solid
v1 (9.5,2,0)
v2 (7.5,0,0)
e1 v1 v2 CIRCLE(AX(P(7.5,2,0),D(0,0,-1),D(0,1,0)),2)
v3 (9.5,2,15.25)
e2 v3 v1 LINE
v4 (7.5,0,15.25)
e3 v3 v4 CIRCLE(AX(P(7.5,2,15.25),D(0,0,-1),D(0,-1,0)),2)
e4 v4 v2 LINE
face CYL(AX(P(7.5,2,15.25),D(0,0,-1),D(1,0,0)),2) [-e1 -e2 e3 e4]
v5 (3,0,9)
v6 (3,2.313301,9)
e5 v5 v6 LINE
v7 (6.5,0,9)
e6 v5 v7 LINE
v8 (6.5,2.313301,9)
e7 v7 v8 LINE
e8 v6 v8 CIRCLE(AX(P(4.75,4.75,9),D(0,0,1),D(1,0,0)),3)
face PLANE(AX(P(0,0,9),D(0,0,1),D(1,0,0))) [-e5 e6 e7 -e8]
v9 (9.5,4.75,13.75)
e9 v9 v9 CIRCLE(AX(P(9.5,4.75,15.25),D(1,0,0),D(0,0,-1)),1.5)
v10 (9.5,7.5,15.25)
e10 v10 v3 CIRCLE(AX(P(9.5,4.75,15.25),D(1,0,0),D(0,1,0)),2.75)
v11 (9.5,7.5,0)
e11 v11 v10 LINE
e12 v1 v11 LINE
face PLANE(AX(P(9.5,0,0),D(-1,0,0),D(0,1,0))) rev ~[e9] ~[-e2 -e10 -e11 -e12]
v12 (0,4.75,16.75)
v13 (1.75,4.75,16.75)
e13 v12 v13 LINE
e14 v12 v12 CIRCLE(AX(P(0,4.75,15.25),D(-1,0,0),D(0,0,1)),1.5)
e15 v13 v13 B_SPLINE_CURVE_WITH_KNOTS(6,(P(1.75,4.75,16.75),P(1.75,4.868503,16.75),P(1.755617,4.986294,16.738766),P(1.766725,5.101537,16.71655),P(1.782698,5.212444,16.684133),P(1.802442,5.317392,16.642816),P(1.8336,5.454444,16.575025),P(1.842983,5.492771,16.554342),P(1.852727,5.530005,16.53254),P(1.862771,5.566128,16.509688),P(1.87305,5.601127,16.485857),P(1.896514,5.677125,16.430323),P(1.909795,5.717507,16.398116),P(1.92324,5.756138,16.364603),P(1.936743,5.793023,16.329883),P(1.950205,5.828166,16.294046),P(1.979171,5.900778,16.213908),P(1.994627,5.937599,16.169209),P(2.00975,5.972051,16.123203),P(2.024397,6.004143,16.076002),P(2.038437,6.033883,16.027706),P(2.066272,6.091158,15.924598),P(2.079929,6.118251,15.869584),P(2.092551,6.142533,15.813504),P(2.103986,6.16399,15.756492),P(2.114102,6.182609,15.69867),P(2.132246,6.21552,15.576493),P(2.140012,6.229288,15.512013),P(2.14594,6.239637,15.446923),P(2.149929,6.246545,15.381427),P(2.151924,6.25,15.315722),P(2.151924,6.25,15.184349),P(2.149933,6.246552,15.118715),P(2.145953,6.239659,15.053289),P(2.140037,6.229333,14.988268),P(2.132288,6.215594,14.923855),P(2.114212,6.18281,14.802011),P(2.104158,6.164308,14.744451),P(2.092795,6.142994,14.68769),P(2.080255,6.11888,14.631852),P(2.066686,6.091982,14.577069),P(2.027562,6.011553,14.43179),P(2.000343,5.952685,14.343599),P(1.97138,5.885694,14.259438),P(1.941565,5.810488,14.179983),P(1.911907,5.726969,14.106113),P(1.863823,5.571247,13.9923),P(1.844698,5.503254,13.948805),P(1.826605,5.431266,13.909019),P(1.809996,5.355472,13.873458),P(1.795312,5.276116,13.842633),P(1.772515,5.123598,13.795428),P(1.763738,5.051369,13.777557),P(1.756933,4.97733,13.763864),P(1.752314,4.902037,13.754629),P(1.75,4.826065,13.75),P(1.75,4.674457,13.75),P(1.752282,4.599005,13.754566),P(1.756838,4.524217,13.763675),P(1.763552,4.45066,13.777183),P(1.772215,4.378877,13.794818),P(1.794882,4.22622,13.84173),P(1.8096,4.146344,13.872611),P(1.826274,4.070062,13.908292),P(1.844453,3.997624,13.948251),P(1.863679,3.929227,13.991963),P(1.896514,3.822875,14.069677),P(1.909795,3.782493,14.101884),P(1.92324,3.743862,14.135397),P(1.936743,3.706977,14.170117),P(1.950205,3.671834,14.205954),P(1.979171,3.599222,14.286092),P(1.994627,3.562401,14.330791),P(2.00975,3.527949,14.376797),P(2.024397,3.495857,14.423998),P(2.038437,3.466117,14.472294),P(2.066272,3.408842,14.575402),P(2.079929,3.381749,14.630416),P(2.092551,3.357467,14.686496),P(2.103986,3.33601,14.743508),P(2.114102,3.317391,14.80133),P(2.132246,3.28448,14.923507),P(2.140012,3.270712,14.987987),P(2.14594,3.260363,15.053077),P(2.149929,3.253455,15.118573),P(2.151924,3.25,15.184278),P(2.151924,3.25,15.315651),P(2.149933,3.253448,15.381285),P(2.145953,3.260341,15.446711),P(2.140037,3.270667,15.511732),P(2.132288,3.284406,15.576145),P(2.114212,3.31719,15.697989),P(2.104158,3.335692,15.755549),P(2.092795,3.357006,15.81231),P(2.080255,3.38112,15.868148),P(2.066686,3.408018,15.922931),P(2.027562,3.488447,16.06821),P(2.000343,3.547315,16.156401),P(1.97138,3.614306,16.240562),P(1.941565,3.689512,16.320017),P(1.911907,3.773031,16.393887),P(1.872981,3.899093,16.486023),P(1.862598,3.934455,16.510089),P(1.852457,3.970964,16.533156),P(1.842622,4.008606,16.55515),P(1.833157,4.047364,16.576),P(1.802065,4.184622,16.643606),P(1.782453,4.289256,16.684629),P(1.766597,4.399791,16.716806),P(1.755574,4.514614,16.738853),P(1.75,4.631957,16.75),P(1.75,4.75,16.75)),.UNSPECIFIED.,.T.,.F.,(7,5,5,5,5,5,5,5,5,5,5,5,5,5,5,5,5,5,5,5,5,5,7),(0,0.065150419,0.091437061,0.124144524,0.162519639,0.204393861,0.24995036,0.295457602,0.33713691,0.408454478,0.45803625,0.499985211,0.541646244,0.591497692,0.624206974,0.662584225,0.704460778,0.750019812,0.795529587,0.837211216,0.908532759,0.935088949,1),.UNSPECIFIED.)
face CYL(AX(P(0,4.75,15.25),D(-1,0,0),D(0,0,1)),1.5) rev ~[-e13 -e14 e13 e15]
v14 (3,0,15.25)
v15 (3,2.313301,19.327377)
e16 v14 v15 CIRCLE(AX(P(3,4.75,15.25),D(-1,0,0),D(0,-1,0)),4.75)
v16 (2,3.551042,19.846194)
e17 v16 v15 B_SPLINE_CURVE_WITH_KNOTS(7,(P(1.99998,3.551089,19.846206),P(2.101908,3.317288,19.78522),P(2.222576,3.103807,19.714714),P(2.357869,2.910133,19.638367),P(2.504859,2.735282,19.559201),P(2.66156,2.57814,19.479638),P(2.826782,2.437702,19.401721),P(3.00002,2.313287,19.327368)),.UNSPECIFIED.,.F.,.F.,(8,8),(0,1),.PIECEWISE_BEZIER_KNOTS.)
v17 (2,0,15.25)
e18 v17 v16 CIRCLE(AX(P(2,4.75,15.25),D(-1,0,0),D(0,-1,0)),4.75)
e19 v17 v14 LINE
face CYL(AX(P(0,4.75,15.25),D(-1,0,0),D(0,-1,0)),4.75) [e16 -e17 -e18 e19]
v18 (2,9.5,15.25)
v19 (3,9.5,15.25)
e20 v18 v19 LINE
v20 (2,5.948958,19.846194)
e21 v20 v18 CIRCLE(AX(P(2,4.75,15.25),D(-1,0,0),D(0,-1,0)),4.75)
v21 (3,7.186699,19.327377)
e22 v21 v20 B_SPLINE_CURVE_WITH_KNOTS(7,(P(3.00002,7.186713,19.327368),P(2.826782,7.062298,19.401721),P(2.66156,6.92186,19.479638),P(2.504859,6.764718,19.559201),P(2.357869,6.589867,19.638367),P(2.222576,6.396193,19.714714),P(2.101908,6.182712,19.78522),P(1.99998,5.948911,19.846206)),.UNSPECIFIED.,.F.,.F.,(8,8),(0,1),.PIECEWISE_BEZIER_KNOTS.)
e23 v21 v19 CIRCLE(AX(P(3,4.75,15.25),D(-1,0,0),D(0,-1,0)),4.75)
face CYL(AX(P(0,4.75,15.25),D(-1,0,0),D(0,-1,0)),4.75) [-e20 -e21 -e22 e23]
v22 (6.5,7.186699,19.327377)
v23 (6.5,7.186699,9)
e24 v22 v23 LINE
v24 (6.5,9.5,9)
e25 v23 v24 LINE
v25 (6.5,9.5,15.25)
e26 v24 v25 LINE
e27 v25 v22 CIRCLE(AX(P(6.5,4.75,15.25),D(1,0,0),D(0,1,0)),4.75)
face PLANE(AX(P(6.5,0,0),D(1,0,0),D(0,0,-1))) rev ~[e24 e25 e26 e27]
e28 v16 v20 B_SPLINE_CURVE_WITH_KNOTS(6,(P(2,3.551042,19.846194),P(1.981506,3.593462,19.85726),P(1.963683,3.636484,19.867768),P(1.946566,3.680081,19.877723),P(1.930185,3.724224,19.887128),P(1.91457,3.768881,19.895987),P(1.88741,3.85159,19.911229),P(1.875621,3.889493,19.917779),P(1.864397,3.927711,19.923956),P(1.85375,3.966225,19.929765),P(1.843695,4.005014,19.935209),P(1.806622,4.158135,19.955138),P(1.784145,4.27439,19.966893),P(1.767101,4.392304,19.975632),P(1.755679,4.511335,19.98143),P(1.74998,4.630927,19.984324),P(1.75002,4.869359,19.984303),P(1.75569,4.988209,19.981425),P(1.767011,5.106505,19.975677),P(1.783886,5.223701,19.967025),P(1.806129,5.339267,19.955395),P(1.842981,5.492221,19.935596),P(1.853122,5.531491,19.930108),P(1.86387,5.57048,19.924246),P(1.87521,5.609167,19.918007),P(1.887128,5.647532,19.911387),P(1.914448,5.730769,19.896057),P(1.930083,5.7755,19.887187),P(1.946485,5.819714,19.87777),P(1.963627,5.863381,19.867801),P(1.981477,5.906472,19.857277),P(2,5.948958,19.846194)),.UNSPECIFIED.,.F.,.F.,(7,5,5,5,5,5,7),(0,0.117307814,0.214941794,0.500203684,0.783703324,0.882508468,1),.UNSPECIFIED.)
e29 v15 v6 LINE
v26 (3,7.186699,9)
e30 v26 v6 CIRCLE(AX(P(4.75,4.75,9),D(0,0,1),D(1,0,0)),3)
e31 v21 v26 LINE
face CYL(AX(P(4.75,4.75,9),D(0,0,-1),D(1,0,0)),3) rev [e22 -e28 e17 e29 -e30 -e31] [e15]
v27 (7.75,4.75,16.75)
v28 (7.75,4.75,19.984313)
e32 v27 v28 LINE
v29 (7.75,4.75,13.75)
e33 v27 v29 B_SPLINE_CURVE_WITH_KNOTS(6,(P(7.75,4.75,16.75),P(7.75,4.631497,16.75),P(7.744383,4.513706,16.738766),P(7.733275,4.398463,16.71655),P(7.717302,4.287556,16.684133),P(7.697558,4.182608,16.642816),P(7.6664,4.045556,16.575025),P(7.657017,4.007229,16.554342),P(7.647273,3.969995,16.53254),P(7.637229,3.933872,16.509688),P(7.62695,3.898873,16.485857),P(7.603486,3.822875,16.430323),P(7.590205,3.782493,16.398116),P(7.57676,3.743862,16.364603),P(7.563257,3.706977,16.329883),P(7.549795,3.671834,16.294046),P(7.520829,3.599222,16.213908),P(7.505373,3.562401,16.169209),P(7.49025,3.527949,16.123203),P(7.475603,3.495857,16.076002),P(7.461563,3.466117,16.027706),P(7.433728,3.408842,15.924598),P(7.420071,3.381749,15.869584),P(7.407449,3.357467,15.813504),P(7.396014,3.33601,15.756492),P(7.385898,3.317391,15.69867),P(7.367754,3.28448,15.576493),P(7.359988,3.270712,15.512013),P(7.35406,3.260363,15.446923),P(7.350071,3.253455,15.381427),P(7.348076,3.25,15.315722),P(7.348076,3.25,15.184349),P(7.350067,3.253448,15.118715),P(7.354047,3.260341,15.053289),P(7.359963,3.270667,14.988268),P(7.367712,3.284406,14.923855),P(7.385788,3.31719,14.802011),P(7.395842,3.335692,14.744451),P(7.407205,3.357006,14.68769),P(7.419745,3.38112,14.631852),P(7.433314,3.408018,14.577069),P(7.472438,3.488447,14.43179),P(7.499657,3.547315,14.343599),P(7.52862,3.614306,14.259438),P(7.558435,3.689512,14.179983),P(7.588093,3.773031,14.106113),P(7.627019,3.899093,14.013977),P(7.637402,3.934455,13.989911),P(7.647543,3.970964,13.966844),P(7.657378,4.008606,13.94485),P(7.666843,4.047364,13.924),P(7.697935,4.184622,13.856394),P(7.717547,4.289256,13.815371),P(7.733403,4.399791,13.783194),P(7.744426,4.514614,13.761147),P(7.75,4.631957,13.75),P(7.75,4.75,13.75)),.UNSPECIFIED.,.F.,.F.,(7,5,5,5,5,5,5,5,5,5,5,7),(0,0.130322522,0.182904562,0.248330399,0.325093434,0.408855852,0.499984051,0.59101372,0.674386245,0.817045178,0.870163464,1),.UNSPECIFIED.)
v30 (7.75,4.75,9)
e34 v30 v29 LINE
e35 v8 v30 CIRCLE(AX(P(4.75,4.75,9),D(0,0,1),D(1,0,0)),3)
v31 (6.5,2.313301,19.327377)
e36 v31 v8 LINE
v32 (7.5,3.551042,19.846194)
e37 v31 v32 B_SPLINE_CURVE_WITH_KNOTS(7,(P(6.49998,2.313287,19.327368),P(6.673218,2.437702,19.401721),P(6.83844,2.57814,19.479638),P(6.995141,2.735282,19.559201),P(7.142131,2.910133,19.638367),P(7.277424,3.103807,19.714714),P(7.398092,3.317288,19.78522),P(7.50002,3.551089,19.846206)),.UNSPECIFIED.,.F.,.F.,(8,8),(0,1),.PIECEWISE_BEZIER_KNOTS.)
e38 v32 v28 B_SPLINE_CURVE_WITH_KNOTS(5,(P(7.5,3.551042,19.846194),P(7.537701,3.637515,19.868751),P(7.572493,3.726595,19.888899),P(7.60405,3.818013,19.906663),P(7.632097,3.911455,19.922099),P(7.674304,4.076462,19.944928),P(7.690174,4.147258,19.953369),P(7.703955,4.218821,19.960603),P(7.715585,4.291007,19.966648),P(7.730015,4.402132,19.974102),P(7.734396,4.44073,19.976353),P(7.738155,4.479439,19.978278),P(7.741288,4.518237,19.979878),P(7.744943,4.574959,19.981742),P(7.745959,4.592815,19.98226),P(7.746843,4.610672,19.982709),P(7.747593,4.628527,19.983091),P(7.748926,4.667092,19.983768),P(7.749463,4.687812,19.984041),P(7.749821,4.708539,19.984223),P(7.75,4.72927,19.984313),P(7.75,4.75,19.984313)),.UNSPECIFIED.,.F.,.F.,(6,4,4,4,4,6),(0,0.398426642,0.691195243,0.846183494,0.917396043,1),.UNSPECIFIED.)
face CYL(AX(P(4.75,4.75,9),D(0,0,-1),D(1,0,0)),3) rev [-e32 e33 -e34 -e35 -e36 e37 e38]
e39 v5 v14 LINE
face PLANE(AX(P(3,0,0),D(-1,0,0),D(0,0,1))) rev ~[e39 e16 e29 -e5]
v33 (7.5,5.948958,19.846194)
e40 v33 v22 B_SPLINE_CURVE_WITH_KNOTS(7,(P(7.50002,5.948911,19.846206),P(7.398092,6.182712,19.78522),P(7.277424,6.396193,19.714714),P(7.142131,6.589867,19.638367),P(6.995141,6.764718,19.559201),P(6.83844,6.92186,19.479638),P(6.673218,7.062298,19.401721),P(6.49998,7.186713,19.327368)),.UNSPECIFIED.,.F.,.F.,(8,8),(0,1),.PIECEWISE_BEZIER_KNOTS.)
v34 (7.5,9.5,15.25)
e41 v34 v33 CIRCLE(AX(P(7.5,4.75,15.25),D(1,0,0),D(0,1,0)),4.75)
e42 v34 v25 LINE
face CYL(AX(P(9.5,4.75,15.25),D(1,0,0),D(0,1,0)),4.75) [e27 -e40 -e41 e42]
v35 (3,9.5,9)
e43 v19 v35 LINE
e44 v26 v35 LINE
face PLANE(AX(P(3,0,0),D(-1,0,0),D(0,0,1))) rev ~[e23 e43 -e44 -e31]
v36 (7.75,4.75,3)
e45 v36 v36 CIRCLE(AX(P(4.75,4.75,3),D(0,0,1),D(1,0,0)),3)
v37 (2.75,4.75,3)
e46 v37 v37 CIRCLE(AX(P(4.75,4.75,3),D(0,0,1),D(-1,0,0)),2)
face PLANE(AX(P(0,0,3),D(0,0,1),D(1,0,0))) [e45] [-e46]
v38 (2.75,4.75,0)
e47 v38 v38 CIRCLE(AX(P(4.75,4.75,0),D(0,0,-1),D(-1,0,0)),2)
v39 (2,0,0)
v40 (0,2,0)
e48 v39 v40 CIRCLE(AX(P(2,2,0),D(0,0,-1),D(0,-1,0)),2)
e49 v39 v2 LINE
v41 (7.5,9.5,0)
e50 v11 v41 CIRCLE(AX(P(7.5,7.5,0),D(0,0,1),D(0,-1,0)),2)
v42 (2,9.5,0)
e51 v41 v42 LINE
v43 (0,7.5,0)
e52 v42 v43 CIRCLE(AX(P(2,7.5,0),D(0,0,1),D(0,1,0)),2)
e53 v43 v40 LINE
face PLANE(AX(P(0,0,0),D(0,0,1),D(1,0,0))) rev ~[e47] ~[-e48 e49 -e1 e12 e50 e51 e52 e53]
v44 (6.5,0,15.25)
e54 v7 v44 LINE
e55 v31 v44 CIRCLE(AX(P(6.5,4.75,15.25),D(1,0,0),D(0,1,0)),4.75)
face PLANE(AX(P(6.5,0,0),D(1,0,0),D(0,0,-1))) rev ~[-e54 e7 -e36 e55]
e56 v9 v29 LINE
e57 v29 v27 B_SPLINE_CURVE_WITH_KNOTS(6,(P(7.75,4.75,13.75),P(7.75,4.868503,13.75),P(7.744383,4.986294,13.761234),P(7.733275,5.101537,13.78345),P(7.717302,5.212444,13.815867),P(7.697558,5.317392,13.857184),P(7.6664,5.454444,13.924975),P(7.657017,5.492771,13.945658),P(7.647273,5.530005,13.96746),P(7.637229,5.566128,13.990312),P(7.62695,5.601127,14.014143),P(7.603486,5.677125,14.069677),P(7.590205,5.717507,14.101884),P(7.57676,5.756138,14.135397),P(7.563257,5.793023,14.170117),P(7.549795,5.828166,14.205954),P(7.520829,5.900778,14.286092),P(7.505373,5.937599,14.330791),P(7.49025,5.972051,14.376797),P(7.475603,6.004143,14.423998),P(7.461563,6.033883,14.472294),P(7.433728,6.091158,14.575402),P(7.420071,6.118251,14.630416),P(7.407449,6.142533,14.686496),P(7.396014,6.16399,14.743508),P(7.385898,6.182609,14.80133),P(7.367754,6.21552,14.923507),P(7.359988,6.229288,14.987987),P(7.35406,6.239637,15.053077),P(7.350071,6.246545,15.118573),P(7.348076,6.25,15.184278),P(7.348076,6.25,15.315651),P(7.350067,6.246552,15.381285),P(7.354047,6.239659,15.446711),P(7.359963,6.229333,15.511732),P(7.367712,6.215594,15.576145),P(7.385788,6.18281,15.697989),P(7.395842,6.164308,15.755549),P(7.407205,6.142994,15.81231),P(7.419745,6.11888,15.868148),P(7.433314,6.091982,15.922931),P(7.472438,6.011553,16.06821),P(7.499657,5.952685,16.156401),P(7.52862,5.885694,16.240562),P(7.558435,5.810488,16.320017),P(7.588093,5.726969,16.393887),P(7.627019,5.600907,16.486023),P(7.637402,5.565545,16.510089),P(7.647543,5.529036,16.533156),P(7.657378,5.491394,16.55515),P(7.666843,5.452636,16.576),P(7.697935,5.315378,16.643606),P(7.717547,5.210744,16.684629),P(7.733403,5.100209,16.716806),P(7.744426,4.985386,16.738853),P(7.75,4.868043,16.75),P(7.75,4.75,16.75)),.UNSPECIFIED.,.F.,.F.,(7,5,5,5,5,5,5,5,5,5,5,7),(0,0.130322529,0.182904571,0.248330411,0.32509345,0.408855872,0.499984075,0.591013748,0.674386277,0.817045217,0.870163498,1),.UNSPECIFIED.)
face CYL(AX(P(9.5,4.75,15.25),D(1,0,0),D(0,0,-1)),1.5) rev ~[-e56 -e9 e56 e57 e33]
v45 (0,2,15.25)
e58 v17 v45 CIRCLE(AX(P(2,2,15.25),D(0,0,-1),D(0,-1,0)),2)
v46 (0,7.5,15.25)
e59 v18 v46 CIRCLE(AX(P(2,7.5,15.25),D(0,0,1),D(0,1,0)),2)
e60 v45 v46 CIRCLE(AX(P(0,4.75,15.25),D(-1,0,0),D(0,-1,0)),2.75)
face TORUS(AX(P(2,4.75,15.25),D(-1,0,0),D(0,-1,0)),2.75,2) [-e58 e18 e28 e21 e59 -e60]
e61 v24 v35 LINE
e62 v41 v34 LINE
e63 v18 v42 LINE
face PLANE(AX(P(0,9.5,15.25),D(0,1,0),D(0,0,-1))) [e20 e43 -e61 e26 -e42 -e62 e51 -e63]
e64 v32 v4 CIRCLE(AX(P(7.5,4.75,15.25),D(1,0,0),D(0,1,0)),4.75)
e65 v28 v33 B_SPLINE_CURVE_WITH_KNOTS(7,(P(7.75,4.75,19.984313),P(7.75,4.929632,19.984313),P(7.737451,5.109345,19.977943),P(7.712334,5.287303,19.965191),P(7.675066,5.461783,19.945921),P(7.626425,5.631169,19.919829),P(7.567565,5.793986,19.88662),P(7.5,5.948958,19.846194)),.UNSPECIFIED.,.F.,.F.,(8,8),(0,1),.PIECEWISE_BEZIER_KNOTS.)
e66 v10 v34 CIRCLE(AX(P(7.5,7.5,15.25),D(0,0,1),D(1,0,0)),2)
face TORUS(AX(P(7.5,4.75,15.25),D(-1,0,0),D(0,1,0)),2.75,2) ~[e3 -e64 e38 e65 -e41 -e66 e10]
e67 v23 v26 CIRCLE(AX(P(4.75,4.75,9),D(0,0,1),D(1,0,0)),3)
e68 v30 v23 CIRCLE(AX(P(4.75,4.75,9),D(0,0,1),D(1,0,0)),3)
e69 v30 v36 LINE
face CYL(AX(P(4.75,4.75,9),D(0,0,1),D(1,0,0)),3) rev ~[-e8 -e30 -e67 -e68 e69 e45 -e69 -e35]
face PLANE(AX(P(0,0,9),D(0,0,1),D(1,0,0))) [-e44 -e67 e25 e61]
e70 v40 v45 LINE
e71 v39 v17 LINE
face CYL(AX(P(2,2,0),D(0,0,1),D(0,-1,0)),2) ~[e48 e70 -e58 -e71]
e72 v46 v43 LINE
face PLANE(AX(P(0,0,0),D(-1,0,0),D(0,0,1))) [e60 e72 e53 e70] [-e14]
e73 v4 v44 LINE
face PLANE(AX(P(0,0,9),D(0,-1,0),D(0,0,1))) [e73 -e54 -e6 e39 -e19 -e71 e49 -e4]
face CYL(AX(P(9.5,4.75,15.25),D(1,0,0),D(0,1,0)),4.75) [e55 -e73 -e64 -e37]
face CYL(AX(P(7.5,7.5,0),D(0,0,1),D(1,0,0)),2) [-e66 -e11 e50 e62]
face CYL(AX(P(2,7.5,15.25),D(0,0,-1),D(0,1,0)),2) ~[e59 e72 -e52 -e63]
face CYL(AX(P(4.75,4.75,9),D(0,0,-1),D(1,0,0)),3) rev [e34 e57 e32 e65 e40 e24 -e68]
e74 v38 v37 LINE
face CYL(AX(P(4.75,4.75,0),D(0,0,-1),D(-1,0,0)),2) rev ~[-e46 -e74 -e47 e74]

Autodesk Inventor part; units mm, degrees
ref_plane "YZ Plane" through (0, 0, 0) normal (1, 0, 0) x (0, 1, 0)
ref_plane "XZ Plane" through (0, 0, 0) normal (0, 1, 0) x (-1, 0, 0)
ref_plane "XY Plane" through (0, 0, 0) normal (0, 0, 1) x (1, 0, 0)
sketch "Sketch1" plane through (0, 0, 0) normal (0, 0, 1) x (1, 0, 0)
  line L0 (0, 0) -> (9.5, 0)
  line L1 (9.5, 0) -> (9.5, 9.5)
  line L2 (9.5, 9.5) -> (0, 9.5)
  line L3 (0, 9.5) -> (0, 0)
  dimension "d0" = 9.5
  dimension "d1" = 9.5
extrude "Extrusion1" add sketch "Sketch1" along normal blind 9
sketch "Sketch2" plane through (9.5, 0, 0) normal (1, 0, 0) x (0, 0, -1)
  circle A0 centre (-15.25, 4.75) radius 4.75 construction
  line L0 (0, 0) -> (0, 9.5) projected
  line L1 (-9, 0) -> (-9, 9.5) projected
  line L2 (-9, 9.5) -> (-15.25, 9.5)
  line L3 (-9, 0) -> (-15.25, 0)
  arc A1 (-15.25, 9.5) -> (-15.25, 0) centre (-15.25, 4.75) ccw
  circle A2 centre (-15.25, 4.75) radius 1.5
  point P0 (0, 4.75)
  point P1 (0, 4.75)
  dimension "d4" = 9.5
  dimension "d5" = 15.25
  dimension "d6" = 3
extrude "Extrusion2" add sketch "Sketch2" against normal blind 3
sketch "Sketch3" plane through (0, 0, 0) normal (-1, 0, 0) x (0, 0, 1)
  circle A0 centre (15.25, 4.75) radius 1.5 projected
  line L0 (9, 0) -> (9, 9.5) projected
  line L1 (9, 0) -> (15.25, 0) projected
  arc A1 (15.25, 0) -> (15.25, 9.5) centre (15.25, 4.75) ccw projected
  line L2 (15.25, 9.5) -> (9, 9.5) projected
  point P0 (0, 0)
extrude "Extrusion3" add sketch "Sketch3" against normal blind 3
fillet "Fillet1" radius 2 6 edges at (0, 4.75, 20) (0, 0, 7.625) (0, 9.5, 7.625) (9.5, 4.75, 20) (9.5, 0, 7.625) (9.5, 9.5, 7.625)
sketch "Sketch4" plane through (0, 0, 0) normal (0, 0, -1) x (-1, 0, 0)
  circle A0 centre (-4.75, 4.75) radius 2
  line L0 (-7.5, 9.5) -> (-2, 9.5) projected
  line L1 (0, 7.5) -> (0, 2) projected
  point P0 (0, 0)
  point P1 (0, 4.75)
  point P2 (-4.75, 9.5)
  dimension "d12" = 4
extrude "Extrusion4" cut sketch "Sketch4" against normal through all
sketch "Sketch5" plane through (0, 0, 9) normal (0, 0, 1) x (1, 0, 0)
  circle A0 centre (4.75, 4.75) radius 2 projected
  circle A1 centre (4.75, 4.75) radius 3
  point P0 (0, 0)
  dimension "d15" = 6
extrude "Extrusion5" cut sketch "Sketch5" along normal blind 15 and the other way blind 6
properties part number "Arm6" material "ABS Plastic"
